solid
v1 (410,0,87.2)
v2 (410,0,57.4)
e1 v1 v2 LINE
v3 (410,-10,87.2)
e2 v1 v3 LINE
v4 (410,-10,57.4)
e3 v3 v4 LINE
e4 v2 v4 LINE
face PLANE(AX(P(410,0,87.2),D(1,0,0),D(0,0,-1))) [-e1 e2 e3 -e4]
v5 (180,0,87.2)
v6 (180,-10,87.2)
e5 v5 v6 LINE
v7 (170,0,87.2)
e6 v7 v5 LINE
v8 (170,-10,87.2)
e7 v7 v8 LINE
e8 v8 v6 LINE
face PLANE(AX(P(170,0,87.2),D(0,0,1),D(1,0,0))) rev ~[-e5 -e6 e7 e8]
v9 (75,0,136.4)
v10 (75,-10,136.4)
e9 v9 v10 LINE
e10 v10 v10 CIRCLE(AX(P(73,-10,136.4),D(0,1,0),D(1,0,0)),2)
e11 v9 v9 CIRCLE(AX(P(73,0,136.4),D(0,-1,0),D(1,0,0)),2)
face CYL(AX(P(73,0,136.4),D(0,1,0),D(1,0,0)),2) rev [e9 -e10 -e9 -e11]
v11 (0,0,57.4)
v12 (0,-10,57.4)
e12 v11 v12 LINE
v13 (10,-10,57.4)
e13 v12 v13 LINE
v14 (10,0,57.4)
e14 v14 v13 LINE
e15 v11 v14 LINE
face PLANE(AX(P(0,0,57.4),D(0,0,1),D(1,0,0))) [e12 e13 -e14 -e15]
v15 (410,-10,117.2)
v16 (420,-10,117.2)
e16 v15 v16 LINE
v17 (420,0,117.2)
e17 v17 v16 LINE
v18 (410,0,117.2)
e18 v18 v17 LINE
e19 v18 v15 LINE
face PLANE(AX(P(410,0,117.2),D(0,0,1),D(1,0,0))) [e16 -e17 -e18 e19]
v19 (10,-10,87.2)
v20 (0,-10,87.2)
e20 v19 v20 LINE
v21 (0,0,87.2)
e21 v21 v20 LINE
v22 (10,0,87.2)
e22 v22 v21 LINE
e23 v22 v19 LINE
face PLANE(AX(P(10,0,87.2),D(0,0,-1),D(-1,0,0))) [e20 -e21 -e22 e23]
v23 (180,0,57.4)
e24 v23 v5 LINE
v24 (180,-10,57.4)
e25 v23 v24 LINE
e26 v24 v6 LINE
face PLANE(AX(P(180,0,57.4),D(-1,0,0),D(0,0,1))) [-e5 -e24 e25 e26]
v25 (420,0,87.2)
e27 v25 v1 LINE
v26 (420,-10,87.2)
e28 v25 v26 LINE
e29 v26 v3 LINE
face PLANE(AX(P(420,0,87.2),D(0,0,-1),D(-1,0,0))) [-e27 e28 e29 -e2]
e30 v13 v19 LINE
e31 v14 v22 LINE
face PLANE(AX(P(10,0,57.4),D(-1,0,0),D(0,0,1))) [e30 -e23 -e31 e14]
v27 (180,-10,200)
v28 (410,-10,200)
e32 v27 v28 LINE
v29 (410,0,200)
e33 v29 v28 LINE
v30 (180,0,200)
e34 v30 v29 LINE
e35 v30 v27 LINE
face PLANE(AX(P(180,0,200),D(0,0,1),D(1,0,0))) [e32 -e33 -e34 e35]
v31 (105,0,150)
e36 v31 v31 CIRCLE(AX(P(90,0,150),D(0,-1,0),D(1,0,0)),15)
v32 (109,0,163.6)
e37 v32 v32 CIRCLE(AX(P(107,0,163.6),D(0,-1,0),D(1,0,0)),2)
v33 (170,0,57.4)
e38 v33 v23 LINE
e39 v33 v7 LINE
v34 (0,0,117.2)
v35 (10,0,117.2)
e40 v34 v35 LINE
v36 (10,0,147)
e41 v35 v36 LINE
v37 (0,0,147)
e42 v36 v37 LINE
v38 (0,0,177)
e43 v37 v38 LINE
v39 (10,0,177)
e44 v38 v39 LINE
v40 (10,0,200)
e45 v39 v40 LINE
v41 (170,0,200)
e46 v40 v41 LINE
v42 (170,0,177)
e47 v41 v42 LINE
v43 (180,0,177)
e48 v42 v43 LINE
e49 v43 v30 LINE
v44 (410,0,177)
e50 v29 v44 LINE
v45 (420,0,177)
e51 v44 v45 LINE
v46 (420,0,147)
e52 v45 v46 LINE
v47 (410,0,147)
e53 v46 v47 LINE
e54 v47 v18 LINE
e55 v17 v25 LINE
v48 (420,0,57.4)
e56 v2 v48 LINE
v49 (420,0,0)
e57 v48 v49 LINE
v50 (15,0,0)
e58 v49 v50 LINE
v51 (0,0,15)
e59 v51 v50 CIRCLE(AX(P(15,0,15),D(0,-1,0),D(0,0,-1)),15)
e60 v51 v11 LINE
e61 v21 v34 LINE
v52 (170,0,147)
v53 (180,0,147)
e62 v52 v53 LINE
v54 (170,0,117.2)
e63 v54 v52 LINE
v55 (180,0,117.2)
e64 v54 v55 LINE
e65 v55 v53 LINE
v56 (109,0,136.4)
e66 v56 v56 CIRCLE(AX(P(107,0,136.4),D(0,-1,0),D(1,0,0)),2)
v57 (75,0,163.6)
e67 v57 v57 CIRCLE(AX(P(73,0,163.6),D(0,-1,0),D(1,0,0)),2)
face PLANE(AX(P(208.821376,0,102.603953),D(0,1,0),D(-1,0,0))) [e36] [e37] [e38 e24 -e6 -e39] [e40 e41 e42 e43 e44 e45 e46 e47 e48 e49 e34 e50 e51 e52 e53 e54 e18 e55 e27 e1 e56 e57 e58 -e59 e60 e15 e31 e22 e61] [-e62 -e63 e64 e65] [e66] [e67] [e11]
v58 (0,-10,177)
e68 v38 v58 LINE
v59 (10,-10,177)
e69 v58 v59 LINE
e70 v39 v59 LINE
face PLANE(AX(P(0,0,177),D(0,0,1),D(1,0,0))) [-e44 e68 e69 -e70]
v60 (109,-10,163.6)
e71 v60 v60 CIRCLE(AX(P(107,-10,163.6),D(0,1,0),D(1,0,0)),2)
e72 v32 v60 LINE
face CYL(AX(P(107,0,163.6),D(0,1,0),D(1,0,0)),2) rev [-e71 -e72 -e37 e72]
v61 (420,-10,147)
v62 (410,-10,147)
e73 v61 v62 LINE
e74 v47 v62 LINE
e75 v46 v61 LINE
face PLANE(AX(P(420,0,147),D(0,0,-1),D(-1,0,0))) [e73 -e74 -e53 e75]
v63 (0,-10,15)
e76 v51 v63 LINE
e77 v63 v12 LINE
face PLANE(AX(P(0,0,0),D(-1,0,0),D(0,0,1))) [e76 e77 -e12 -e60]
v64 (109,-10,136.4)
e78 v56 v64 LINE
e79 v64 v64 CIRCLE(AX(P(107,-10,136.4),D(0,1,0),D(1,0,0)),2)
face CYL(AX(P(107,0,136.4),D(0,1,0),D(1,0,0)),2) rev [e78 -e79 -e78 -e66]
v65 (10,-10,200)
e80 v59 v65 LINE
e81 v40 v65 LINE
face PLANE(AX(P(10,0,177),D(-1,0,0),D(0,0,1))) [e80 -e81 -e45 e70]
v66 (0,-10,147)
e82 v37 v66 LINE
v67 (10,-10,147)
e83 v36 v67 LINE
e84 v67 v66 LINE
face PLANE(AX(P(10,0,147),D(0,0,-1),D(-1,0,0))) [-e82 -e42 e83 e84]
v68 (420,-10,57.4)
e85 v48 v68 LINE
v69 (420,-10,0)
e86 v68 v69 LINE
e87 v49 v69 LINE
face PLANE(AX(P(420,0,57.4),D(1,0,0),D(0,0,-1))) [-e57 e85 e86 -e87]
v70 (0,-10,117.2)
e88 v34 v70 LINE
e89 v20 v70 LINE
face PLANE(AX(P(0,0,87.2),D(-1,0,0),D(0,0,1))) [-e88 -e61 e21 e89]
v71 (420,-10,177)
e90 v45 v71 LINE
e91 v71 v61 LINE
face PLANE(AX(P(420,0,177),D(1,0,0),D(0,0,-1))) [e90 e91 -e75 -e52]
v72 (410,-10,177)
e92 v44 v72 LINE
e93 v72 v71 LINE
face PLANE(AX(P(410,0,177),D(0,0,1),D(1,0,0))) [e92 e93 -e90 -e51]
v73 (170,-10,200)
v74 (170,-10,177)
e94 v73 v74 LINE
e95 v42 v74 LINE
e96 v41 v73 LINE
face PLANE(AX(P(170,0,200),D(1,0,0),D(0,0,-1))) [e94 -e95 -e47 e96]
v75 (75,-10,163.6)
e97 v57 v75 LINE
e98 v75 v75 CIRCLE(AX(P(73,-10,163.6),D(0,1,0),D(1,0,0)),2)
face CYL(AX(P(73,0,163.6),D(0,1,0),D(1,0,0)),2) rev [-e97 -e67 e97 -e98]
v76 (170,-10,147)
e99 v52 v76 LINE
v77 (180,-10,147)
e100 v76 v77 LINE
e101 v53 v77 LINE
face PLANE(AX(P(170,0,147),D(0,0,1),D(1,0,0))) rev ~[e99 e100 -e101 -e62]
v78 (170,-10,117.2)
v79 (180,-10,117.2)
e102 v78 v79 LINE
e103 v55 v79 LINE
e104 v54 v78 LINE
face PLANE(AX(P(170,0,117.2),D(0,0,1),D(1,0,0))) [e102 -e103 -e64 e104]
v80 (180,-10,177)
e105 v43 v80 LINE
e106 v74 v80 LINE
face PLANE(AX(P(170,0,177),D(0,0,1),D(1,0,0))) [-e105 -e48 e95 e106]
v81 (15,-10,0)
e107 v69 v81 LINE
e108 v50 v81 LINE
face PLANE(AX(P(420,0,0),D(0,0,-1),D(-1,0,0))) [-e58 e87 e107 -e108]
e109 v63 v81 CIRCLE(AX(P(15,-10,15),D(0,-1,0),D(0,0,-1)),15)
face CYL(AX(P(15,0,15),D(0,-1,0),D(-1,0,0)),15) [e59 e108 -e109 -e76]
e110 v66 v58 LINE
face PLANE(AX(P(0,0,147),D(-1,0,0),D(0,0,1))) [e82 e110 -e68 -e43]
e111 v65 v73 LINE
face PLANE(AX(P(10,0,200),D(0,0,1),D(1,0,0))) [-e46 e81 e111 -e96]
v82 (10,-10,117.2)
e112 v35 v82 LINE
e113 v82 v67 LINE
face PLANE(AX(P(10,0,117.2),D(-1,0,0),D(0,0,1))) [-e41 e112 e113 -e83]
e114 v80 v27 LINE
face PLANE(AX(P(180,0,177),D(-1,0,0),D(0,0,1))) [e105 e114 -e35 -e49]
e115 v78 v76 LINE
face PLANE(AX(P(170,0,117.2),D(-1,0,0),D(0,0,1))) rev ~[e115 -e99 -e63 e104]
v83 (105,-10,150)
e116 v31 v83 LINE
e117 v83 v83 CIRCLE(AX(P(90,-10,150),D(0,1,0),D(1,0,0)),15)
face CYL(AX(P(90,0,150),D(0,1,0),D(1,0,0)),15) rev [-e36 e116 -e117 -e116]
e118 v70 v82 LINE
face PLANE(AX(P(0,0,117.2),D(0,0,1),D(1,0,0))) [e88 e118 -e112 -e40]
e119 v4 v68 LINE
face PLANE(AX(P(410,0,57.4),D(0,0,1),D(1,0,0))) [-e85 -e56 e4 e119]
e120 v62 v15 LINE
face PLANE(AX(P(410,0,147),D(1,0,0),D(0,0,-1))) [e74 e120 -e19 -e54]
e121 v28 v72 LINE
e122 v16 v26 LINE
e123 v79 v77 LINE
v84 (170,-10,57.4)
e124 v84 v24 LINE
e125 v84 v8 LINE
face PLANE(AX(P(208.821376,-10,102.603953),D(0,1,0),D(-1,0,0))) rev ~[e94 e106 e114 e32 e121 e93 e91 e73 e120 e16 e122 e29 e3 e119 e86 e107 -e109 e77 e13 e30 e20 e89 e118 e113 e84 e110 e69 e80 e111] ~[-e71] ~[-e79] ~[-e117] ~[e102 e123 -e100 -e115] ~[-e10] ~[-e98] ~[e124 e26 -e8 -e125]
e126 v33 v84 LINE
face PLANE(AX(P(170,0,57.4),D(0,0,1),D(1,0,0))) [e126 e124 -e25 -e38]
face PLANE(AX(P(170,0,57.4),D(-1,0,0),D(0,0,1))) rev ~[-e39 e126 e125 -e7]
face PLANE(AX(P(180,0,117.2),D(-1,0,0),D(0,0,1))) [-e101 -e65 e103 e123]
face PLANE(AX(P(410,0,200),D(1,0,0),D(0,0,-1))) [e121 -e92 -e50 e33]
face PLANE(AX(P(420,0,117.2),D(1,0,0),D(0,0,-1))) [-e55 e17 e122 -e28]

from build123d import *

# Parameters (mm, degrees)
SKETCH_W          = 10
SKETCH_H          = 29.8
PAD_DEPTH         = 10
COPYSKETCH001_R   = 2
COPYSKETCH001_R_2 = 15
POCKET_DEPTH      = 10.001
FILLET_R          = 15


with BuildPart() as part:
    # Sketch → Pad (new body)
    with BuildSketch(Plane.XZ):
        Polygon((0, 0), (0, 57.4), (10, 57.4), (10, 87.2), (0, 87.2), (0, 117.2), (10, 117.2), (10, 147), (0, 147), (0, 177), (10, 177), (10, 200), (170, 200), (170, 177), (180, 177), (180, 200), (410, 200), (410, 177), (420, 177), (420, 147), (410, 147), (410, 117.2), (420, 117.2), (420, 87.2), (410, 87.2), (410, 57.4), (420, 57.4), (420, 0), align=None)
        with Locations((175, 132.1)):
            Rectangle(SKETCH_W, SKETCH_H, mode=Mode.SUBTRACT)
        with Locations((175, 72.3)):
            Rectangle(SKETCH_W, SKETCH_H, mode=Mode.SUBTRACT)
    extrude(amount=PAD_DEPTH)

    # CopySketch001 → Pocket (cut, through all)
    with BuildSketch(Plane.XZ):
        with Locations((73, 163.6)):
            Circle(COPYSKETCH001_R)
        with Locations((107, 163.6)):
            Circle(COPYSKETCH001_R)
        with Locations((107, 136.4)):
            Circle(COPYSKETCH001_R)
        with Locations((73, 136.4)):
            Circle(COPYSKETCH001_R)
        with Locations((90, 150)):
            Circle(COPYSKETCH001_R_2)
    extrude(amount=POCKET_DEPTH, mode=Mode.SUBTRACT)

    # Fillet
    fillet_edges = [part.edges().sort_by_distance(p)[0] for p in [
        (0, -5, 0),
    ]]
    fillet(fillet_edges, radius=FILLET_R)


solid = part.part
